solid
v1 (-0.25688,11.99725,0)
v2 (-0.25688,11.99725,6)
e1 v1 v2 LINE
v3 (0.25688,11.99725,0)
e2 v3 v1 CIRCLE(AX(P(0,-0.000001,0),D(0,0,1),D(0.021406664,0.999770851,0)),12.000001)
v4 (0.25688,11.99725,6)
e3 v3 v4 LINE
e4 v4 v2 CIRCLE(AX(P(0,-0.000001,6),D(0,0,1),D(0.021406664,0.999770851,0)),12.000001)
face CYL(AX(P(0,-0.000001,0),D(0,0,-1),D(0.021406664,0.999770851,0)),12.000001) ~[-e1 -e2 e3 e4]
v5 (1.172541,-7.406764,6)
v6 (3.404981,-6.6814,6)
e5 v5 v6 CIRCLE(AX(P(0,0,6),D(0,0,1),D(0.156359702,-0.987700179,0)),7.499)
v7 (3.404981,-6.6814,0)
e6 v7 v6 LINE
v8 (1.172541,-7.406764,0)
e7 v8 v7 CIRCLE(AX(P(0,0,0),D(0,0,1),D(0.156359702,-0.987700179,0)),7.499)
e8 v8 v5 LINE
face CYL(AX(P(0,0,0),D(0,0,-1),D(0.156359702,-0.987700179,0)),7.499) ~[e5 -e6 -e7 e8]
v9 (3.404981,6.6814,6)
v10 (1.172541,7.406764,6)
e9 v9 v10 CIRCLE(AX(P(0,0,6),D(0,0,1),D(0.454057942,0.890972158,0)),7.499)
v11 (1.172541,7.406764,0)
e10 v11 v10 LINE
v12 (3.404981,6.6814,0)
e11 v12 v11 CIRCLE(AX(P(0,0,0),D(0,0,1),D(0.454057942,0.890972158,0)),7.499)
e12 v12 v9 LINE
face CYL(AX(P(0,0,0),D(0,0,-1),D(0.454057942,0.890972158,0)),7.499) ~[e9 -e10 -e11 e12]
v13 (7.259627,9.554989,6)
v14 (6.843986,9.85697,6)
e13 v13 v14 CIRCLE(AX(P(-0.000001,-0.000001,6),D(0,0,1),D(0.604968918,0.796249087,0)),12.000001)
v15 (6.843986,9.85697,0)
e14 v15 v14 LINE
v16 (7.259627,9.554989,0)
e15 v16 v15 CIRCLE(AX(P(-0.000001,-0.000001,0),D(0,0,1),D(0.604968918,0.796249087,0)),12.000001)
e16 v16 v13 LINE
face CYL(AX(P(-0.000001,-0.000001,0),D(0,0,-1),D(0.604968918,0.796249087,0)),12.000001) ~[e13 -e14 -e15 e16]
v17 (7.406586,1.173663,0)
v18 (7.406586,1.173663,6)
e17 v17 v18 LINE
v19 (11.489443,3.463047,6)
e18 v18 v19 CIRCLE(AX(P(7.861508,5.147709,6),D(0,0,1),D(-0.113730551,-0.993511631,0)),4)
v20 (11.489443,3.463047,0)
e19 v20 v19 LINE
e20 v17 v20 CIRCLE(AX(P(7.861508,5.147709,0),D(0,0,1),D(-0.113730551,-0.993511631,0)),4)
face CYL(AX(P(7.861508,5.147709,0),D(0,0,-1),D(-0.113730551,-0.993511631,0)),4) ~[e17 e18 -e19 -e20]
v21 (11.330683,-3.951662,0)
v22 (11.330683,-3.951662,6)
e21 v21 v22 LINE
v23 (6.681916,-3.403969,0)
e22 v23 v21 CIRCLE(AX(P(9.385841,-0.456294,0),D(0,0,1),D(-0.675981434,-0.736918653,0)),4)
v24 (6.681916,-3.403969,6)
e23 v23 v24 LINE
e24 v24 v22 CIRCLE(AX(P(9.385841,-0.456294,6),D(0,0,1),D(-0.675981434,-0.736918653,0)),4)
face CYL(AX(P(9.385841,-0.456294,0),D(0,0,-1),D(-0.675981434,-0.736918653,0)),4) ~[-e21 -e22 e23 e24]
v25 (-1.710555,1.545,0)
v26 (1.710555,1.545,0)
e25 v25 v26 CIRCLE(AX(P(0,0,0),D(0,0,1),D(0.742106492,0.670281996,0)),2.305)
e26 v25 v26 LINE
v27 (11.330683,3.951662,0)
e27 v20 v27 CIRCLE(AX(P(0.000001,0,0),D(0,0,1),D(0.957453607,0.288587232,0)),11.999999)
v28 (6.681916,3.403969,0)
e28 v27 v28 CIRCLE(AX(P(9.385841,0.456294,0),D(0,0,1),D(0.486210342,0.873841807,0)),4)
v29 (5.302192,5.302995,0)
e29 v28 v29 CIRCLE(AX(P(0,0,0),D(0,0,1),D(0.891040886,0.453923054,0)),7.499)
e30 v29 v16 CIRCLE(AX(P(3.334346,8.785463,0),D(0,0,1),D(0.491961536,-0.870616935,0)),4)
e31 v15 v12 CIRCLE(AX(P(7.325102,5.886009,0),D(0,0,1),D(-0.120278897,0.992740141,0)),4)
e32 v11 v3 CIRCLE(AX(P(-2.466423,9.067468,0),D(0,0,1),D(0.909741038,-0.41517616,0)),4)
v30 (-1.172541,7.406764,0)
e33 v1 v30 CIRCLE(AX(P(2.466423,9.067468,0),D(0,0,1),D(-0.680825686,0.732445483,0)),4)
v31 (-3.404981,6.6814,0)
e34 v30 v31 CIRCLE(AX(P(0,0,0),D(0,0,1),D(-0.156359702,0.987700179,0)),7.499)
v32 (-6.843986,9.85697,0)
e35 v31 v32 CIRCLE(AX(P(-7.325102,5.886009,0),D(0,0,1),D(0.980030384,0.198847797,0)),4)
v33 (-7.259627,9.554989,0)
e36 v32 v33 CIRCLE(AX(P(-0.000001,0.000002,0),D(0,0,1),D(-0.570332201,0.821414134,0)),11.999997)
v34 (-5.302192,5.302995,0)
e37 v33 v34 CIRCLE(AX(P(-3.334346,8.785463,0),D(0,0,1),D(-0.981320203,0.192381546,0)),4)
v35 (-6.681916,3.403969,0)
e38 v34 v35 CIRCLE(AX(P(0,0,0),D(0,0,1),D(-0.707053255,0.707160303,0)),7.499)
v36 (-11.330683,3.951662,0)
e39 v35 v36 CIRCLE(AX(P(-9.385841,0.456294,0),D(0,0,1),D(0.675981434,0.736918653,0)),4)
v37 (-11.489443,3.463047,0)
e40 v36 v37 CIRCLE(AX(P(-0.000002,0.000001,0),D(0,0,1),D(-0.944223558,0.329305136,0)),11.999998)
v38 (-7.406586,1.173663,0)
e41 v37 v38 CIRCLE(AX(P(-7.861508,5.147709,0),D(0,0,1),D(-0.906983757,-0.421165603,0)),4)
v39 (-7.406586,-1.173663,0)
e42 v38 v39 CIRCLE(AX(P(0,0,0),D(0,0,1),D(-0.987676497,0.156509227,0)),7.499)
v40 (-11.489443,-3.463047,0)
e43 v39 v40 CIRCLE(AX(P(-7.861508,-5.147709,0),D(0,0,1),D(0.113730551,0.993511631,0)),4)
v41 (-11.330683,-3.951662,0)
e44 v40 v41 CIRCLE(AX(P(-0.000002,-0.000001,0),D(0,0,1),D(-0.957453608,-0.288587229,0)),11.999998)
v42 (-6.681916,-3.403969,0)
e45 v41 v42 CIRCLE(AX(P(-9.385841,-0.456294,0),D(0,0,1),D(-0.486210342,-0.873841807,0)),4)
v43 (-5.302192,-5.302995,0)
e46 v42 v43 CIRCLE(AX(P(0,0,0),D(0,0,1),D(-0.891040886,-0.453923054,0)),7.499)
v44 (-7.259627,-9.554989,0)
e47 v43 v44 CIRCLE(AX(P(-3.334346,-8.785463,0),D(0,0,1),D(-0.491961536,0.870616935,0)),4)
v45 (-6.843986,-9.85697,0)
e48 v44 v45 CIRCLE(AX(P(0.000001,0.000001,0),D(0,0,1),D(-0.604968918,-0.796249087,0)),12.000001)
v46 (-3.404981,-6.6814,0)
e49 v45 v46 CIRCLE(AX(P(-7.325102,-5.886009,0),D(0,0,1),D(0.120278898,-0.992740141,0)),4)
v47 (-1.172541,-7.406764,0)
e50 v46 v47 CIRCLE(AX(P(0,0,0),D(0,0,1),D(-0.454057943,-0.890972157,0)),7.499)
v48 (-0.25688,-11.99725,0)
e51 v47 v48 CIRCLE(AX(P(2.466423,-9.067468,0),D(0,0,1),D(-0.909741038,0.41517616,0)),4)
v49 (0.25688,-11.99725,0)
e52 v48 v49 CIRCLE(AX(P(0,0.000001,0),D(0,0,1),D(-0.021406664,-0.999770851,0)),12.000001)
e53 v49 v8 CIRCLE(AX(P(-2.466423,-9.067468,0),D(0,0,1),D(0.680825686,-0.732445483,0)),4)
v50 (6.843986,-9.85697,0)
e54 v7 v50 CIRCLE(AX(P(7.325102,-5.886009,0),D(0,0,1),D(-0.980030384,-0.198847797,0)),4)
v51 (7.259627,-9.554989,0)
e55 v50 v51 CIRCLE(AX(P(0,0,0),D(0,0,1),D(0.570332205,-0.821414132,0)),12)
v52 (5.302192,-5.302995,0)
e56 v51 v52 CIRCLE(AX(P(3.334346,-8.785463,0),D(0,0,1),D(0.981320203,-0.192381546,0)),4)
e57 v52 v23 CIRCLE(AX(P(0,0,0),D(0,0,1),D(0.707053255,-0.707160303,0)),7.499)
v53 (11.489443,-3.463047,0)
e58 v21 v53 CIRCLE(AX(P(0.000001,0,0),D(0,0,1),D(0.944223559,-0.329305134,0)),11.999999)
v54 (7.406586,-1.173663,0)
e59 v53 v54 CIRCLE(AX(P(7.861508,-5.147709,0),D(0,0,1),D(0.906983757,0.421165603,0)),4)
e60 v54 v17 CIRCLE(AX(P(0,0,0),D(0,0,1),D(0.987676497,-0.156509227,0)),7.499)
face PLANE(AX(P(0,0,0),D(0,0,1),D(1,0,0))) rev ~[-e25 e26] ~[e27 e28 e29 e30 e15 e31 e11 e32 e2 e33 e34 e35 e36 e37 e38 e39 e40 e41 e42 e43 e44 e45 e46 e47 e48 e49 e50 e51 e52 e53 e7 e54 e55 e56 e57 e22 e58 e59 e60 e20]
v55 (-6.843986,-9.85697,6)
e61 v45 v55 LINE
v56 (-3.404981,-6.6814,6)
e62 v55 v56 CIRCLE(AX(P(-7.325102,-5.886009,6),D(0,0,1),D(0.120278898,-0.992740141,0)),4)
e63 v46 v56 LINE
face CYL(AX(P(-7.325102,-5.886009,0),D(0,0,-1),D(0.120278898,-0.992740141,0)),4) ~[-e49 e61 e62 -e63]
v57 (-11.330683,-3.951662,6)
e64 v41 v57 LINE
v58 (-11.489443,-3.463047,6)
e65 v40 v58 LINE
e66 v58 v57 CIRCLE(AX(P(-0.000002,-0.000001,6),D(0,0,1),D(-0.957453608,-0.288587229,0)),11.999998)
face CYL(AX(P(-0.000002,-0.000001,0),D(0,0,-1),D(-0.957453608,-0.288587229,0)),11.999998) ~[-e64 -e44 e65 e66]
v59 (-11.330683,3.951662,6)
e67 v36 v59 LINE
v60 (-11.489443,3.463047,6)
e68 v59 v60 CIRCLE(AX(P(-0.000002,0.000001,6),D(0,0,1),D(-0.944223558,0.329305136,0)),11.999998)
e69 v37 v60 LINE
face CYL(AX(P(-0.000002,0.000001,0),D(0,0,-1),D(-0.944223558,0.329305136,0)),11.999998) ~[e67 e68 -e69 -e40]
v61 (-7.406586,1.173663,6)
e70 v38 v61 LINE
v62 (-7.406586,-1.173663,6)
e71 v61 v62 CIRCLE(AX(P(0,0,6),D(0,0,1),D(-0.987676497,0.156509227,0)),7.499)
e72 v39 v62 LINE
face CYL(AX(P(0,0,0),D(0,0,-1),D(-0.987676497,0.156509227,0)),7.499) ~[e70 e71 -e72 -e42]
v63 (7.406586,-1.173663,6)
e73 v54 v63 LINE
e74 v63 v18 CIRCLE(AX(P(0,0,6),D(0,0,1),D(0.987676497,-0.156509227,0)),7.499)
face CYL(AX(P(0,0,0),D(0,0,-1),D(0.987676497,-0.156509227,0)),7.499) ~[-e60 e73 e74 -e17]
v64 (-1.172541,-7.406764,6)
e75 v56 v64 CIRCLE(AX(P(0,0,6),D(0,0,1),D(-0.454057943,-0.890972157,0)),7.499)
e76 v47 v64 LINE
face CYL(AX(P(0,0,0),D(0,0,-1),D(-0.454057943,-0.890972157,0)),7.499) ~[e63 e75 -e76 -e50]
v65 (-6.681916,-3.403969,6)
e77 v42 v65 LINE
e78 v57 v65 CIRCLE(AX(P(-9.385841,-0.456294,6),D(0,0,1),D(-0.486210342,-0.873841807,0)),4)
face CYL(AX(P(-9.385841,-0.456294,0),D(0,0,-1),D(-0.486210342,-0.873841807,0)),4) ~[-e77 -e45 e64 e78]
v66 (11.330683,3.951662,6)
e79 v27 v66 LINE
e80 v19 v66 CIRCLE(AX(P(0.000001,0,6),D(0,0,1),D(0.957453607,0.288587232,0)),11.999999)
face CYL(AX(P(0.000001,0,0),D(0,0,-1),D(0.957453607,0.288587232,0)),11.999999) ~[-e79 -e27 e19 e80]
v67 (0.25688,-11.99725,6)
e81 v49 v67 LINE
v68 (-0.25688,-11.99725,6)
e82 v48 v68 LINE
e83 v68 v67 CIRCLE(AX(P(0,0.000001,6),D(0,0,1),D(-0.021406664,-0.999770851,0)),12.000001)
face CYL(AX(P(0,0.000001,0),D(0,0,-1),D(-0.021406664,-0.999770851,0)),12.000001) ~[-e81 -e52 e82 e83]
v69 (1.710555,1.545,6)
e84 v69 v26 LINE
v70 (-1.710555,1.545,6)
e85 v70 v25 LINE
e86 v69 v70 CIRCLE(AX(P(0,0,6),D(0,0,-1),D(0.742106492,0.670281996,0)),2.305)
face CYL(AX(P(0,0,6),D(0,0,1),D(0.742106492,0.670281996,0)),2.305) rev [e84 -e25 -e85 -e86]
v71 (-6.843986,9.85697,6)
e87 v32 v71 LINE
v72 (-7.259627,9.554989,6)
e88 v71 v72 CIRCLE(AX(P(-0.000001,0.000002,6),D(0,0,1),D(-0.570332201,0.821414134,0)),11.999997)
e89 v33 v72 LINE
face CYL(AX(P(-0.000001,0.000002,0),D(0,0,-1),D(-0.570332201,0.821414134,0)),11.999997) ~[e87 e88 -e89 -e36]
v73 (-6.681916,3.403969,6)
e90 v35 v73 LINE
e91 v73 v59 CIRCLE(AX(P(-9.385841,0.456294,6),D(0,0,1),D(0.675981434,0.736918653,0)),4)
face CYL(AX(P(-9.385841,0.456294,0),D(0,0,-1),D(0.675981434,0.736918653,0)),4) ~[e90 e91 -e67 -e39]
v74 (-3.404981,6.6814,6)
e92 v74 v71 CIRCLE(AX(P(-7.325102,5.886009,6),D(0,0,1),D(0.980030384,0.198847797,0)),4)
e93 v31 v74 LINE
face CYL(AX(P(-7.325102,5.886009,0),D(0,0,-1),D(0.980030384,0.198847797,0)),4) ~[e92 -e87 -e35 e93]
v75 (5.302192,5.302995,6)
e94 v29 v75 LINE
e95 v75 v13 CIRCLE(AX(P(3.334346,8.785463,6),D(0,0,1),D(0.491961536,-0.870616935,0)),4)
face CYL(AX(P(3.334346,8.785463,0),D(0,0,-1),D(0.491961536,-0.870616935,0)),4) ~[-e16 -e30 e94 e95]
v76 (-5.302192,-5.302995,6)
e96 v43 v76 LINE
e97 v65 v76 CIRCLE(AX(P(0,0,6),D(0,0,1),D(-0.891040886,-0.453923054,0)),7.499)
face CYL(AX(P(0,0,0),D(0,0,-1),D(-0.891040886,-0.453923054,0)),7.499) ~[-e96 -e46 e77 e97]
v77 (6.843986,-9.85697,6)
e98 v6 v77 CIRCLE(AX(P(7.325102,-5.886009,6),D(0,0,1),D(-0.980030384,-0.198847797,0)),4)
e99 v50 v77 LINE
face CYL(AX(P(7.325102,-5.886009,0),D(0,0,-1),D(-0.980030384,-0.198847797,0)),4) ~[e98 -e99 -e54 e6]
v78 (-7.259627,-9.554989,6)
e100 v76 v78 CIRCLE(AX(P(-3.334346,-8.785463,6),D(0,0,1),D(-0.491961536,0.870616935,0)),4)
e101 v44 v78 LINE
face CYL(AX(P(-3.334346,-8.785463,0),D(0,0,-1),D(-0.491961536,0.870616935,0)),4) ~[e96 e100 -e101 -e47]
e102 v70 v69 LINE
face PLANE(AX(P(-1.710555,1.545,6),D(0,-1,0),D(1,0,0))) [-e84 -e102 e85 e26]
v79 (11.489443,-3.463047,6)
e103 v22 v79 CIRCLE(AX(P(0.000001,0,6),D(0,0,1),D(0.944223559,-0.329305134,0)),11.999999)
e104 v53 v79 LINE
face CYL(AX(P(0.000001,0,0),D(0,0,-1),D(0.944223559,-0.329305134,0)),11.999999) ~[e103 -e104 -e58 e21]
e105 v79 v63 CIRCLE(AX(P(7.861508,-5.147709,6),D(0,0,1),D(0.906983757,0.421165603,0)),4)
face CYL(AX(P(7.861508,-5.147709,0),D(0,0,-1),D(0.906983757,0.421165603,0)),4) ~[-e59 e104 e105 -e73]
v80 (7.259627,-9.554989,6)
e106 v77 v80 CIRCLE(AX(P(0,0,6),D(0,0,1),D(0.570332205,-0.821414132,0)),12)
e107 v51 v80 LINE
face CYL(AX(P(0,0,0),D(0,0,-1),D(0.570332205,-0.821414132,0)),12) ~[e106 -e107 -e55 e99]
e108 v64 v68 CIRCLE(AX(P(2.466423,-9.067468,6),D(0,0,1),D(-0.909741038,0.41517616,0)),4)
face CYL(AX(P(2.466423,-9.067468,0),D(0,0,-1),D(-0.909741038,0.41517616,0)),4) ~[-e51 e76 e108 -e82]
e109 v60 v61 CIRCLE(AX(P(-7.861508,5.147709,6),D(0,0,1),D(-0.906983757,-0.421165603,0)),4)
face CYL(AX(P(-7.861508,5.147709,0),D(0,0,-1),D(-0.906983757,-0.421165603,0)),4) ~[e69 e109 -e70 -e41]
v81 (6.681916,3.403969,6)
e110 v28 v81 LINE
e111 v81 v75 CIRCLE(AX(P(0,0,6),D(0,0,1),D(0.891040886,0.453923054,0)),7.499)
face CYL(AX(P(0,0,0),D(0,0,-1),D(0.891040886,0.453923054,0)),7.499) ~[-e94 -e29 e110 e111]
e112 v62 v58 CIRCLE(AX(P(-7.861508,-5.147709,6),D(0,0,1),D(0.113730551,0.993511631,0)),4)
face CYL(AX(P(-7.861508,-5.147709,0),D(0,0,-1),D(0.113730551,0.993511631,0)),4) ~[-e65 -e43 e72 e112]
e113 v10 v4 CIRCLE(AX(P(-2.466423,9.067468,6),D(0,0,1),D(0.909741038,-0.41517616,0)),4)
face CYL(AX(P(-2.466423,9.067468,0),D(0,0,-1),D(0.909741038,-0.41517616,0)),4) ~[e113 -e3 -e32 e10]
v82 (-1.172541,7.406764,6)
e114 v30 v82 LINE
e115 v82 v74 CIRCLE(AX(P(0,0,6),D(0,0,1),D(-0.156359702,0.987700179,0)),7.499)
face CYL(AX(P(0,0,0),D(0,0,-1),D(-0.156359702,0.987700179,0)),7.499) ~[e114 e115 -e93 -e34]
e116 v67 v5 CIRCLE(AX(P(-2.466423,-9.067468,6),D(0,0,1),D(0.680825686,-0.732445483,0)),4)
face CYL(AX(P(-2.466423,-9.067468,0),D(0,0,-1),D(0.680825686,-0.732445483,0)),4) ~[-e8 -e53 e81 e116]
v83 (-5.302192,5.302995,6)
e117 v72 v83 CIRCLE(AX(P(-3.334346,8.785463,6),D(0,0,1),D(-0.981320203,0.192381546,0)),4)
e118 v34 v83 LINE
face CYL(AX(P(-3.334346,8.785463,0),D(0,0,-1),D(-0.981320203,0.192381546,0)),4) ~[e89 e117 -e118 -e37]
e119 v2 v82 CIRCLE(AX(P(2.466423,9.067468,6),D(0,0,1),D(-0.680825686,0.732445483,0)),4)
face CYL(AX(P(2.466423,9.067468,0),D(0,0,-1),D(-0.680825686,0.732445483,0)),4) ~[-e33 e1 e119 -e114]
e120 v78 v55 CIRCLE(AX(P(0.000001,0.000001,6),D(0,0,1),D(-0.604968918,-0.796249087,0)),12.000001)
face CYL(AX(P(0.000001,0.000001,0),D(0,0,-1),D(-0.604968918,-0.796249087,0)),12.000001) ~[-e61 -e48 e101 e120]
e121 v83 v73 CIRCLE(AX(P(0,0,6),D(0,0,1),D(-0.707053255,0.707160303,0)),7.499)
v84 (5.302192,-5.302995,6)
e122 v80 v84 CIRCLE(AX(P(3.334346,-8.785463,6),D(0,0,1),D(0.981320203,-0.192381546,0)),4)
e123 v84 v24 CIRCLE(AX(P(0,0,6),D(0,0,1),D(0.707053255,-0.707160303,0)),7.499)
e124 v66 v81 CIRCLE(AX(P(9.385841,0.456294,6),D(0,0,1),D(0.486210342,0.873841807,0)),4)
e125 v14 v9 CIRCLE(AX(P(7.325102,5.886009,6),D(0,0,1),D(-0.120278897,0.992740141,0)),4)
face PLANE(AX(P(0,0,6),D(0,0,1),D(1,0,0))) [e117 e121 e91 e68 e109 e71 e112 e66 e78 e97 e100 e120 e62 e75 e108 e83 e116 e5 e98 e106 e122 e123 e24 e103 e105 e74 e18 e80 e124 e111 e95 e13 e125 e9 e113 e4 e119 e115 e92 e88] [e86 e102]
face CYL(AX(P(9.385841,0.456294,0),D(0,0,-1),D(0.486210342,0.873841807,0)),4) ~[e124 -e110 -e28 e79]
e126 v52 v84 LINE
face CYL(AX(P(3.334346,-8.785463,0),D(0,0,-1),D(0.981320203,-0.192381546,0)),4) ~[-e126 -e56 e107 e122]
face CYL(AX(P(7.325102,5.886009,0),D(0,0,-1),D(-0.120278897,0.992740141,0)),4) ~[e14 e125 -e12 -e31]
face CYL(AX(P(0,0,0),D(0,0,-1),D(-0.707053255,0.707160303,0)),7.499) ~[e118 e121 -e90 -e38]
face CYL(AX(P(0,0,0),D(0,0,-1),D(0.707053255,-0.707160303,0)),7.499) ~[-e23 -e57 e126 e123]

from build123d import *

# Parameters (mm, degrees)
SKETCH4_R           = 2
BOSS_EXTRUDE3_DEPTH = 6
SKETCH6_R           = 3.276903459
BOSS_EXTRUDE4_DEPTH = 6
CUT_EXTRUDE2_DEPTH  = 10


with BuildPart() as part:
    # Sketch4 → Boss-Extrude3 (new body)
    with BuildSketch(Plane.XY):
        with BuildLine():
            ThreePointArc((11.330682707, 3.9516616), (8.917819898, 4.428819506), (6.681915604, 3.403968986))
            ThreePointArc((6.681915604, 3.403968986), (6.066818441, 4.407801607), (5.302192362, 5.302995112))
            ThreePointArc((5.302192362, 5.302995112), (6.967815552, 7.112770233), (7.259627029, 9.554989032))
            ThreePointArc((7.259627029, 9.554989032), (7.053423028, 9.708203932), (6.843986457, 9.856969584))
            ThreePointArc((6.843986457, 9.856969584), (4.61147306, 8.824753264), (3.40498051, 6.681400208))
            ThreePointArc((3.40498051, 6.681400208), (2.317318441, 7.131972816), (1.172541409, 7.406763642))
            ThreePointArc((1.172541409, 7.406763642), (1.456299749, 9.849931218), (0.256880001, 11.997250213))
            ThreePointArc((0.256880001, 11.997250213), (0, 12), (-0.256880001, 11.997250213))
            ThreePointArc((-0.256880001, 11.997250213), (-1.456299749, 9.849931218), (-1.172541409, 7.406763642))
            ThreePointArc((-1.172541409, 7.406763642), (-2.317318441, 7.131972816), (-3.404980509, 6.681400207))
            ThreePointArc((-3.404980509, 6.681400207), (-4.61147306, 8.824753264), (-6.843986457, 9.856969584))
            ThreePointArc((-6.843986457, 9.856969584), (-7.053423028, 9.708203933), (-7.259627029, 9.554989032))
            ThreePointArc((-7.259627029, 9.554989032), (-6.967815552, 7.112770233), (-5.302192362, 5.302995112))
            ThreePointArc((-5.302192362, 5.302995112), (-6.066818441, 4.407801607), (-6.681915604, 3.403968986))
            ThreePointArc((-6.681915604, 3.403968986), (-8.917819898, 4.428819506), (-11.330682707, 3.9516616))
            ThreePointArc((-11.330682707, 3.9516616), (-11.412678196, 3.708203933), (-11.489443278, 3.463046803))
            ThreePointArc((-11.489443278, 3.463046803), (-9.817862641, 1.658772773), (-7.406586048, 1.173662691))
            ThreePointArc((-7.406586048, 1.173662691), (-7.499, 0), (-7.406586048, -1.173662691))
            ThreePointArc((-7.406586048, -1.173662691), (-9.817862641, -1.658772773), (-11.489443278, -3.463046803))
            ThreePointArc((-11.489443278, -3.463046803), (-11.412678196, -3.708203933), (-11.330682707, -3.9516616))
            ThreePointArc((-11.330682707, -3.9516616), (-8.917819898, -4.428819506), (-6.681915604, -3.403968986))
            ThreePointArc((-6.681915604, -3.403968986), (-6.066818441, -4.407801607), (-5.302192362, -5.302995112))
            ThreePointArc((-5.302192362, -5.302995112), (-6.967815552, -7.112770233), (-7.259627029, -9.554989032))
            ThreePointArc((-7.259627029, -9.554989032), (-7.053423028, -9.708203932), (-6.843986457, -9.856969584))
            ThreePointArc((-6.843986457, -9.856969584), (-4.61147306, -8.824753264), (-3.404980509, -6.681400207))
            ThreePointArc((-3.404980509, -6.681400207), (-2.317318441, -7.131972816), (-1.172541409, -7.406763642))
            ThreePointArc((-1.172541409, -7.406763642), (-1.456299749, -9.849931218), (-0.256880001, -11.997250213))
            ThreePointArc((-0.256880001, -11.997250213), (0, -12), (0.256880001, -11.997250213))
            ThreePointArc((0.256880001, -11.997250213), (1.456299749, -9.849931218), (1.172541409, -7.406763642))
            ThreePointArc((1.172541409, -7.406763642), (2.317318441, -7.131972816), (3.404980509, -6.681400207))
            ThreePointArc((3.404980509, -6.681400207), (4.61147306, -8.824753264), (6.843986457, -9.856969584))
            ThreePointArc((6.843986457, -9.856969584), (7.053423027, -9.708203933), (7.259627029, -9.554989032))
            ThreePointArc((7.259627029, -9.554989032), (6.967815552, -7.112770233), (5.302192362, -5.302995112))
            ThreePointArc((5.302192362, -5.302995112), (6.066818441, -4.407801607), (6.681915604, -3.403968986))
            ThreePointArc((6.681915604, -3.403968986), (8.917819898, -4.428819506), (11.330682707, -3.9516616))
            ThreePointArc((11.330682707, -3.9516616), (11.412678196, -3.708203932), (11.489443278, -3.463046803))
            ThreePointArc((11.489443278, -3.463046803), (9.817862641, -1.658772773), (7.406586048, -1.173662691))
            ThreePointArc((7.406586048, -1.173662691), (7.499, 0), (7.406586048, 1.173662691))
            ThreePointArc((7.406586048, 1.173662691), (9.817862641, 1.658772773), (11.489443278, 3.463046803))
            ThreePointArc((11.489443278, 3.463046803), (11.412678196, 3.708203932), (11.330682707, 3.9516616))
        make_face()
        Circle(SKETCH4_R, mode=Mode.SUBTRACT)
    extrude(amount=BOSS_EXTRUDE3_DEPTH)

    # Sketch6 → Boss-Extrude4 (add)
    with BuildSketch(Plane.XY.offset(6)):
        Circle(SKETCH6_R)
    extrude(amount=-BOSS_EXTRUDE4_DEPTH)

    # Sketch7 → Cut-Extrude2 (cut)
    with BuildSketch(Plane.XY.offset(6)):
        with BuildLine():
            Line((-1.710555465, 1.545), (1.710555465, 1.545))
            ThreePointArc((1.710555465, 1.545), (0, -2.305), (-1.710555465, 1.545))
        make_face()
    extrude(amount=-CUT_EXTRUDE2_DEPTH, mode=Mode.SUBTRACT)


solid = part.part
